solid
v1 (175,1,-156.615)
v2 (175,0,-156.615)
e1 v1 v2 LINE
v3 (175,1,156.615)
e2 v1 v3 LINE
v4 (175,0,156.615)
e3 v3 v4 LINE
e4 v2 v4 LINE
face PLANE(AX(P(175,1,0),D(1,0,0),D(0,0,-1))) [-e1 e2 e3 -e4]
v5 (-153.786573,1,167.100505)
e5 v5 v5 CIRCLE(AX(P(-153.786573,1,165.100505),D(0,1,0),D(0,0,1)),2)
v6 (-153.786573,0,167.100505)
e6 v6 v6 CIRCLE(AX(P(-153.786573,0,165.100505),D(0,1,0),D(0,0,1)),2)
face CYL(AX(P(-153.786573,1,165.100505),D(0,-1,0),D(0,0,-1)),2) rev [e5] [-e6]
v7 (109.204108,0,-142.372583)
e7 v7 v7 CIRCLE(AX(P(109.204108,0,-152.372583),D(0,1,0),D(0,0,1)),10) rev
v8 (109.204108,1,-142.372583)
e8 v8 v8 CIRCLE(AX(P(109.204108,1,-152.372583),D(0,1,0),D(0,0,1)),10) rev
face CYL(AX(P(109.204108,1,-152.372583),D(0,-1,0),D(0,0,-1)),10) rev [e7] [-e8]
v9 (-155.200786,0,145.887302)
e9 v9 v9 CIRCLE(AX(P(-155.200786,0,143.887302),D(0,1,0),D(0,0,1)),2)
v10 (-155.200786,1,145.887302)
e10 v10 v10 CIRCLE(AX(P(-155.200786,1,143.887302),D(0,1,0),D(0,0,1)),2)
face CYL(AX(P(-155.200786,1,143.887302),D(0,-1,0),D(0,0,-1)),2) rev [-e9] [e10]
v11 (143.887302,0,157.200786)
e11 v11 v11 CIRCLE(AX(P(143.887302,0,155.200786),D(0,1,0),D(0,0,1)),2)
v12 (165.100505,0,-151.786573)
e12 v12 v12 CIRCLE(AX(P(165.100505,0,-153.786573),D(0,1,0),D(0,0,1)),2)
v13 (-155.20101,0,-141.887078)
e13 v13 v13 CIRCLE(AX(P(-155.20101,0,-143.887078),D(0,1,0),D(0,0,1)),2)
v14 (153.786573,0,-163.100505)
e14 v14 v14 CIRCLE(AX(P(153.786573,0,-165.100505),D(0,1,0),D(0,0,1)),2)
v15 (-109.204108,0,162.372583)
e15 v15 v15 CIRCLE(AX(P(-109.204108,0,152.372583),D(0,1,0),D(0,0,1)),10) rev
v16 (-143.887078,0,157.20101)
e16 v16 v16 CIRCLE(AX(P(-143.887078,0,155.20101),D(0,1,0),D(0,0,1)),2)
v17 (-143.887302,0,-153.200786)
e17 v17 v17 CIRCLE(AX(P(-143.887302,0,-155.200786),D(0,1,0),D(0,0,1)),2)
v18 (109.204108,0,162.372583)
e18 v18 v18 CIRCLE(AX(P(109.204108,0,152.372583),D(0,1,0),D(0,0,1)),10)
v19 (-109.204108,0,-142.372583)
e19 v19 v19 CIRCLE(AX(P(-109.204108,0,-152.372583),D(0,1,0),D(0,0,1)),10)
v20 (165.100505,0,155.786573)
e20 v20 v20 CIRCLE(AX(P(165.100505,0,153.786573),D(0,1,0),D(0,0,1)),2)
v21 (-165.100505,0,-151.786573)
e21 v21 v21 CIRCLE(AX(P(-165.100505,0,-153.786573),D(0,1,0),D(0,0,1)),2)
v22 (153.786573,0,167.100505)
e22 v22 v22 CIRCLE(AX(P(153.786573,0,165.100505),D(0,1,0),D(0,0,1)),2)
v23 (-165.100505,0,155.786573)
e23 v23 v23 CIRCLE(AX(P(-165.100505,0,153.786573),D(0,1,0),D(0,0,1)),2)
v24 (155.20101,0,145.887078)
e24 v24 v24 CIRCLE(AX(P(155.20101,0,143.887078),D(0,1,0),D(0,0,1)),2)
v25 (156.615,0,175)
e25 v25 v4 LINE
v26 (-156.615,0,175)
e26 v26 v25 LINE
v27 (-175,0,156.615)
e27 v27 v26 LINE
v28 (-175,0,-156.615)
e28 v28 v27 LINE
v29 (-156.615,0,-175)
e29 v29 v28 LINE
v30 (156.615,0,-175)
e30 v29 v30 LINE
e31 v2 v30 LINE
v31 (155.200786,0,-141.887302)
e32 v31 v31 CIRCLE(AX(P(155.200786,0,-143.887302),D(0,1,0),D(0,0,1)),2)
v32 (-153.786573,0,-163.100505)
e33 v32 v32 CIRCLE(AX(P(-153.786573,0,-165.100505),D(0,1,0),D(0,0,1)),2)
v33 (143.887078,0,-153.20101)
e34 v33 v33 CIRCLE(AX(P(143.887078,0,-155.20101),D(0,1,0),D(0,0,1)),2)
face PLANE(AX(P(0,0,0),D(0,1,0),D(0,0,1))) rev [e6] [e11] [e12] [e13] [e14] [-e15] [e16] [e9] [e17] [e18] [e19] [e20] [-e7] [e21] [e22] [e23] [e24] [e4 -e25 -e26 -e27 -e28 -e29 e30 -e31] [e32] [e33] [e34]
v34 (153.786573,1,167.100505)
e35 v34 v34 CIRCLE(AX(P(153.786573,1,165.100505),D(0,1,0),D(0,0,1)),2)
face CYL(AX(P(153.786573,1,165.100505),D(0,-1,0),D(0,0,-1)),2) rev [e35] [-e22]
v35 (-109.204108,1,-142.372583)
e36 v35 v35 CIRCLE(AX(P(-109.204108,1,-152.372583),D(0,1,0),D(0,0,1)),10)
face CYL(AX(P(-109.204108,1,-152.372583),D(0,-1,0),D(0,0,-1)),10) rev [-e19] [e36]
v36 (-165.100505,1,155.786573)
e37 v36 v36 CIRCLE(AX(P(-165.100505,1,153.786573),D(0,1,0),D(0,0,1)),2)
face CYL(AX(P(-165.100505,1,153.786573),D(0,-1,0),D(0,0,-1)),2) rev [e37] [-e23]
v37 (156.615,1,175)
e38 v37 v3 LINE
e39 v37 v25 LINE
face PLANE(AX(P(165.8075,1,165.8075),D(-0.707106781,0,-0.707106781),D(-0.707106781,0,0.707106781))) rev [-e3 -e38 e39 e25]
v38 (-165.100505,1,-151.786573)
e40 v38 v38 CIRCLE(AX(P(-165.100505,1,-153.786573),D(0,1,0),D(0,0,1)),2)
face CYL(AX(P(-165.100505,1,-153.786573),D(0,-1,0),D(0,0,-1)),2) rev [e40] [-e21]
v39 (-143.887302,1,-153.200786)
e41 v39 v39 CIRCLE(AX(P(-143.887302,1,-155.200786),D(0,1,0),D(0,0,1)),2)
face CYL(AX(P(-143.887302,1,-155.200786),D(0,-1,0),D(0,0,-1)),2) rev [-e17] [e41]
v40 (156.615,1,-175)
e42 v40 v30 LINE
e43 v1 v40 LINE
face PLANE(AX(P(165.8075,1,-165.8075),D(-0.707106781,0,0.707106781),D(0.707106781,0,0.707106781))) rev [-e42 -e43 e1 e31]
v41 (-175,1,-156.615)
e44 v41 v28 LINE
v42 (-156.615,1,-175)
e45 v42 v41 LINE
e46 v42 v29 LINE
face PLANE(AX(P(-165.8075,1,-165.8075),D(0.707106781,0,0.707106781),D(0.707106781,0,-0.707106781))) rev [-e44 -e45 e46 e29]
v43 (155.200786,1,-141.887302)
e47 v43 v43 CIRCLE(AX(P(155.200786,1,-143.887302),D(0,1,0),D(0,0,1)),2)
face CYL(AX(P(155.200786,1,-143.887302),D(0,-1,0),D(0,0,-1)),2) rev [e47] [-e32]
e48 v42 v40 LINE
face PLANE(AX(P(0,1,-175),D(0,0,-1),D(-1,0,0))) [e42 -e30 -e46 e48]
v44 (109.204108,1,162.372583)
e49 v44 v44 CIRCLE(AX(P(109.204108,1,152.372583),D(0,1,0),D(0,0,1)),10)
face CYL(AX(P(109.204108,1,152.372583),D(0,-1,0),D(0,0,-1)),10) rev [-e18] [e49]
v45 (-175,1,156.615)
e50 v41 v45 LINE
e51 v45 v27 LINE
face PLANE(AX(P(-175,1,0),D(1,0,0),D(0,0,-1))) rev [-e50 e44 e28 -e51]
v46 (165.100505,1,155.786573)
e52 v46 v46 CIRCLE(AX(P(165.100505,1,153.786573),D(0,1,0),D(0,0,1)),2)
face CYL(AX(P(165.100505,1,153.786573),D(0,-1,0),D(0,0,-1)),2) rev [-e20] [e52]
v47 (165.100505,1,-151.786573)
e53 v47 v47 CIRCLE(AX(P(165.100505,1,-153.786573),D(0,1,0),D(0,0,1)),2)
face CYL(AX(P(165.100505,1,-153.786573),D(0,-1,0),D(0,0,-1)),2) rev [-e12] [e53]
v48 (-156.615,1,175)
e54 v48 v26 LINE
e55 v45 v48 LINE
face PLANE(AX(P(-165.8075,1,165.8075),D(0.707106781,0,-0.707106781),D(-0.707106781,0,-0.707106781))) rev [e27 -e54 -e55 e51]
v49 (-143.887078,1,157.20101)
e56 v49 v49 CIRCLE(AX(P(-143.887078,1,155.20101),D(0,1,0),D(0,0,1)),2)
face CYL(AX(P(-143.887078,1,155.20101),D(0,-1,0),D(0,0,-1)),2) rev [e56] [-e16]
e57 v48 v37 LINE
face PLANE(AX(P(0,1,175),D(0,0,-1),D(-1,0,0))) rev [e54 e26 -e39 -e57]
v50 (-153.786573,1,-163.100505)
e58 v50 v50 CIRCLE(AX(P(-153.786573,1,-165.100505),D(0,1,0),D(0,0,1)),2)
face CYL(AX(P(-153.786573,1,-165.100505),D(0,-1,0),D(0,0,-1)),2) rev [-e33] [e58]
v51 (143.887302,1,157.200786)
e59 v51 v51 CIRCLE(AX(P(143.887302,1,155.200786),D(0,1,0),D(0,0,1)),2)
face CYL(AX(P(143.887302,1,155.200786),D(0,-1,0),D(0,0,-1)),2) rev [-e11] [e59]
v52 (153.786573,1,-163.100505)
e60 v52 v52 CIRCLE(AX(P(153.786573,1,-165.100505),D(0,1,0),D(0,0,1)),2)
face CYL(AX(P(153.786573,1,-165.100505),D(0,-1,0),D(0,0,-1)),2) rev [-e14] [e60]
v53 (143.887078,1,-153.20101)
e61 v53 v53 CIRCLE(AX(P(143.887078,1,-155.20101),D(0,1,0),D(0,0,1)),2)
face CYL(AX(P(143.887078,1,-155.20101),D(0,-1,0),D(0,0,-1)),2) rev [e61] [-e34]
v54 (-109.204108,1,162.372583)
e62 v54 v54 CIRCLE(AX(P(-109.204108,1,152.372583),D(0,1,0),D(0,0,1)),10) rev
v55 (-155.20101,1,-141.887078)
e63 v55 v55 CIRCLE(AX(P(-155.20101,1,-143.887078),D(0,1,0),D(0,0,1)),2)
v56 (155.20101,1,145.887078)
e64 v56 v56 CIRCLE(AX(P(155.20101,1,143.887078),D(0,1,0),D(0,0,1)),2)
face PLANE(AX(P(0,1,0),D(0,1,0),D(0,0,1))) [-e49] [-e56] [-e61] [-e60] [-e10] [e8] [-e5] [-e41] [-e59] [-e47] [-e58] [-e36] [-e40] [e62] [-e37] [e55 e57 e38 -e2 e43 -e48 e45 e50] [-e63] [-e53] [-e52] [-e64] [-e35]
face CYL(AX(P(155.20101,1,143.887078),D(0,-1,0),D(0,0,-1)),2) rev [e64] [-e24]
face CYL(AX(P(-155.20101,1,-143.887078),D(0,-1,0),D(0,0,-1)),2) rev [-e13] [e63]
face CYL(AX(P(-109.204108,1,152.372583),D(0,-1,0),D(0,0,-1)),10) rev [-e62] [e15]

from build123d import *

# Parameters (mm, degrees)
SKETCH2_R           = 2
SKETCH2_R_2         = 10
BOSS_EXTRUDE3_DEPTH = 1


with BuildPart() as part:
    # Sketch2 → Boss-Extrude3 (new body)
    with BuildSketch(Plane(origin=(0, 0, 0), x_dir=(1, 0, 0), z_dir=(0, 1, 0))):
        Polygon((-156.615, 175), (156.615, 175), (175, 156.615), (175, -156.615), (156.615, -175), (-156.615, -175), (-175, -156.615), (-175, 156.615), align=None)
        with Locations(Location((-165.100505063, 153.786572875, 0), (0, 0, 270))):
            Circle(SKETCH2_R, mode=Mode.SUBTRACT)
        with Locations(Location((-153.786572875, 165.100505063, 0), (0, 0, 270))):
            Circle(SKETCH2_R, mode=Mode.SUBTRACT)
        with Locations(Location((-155.201010127, 143.887077939, 0), (0, 0, 270))):
            Circle(SKETCH2_R, mode=Mode.SUBTRACT)
        with Locations(Location((-143.887301628, 155.200786438, 0), (0, 0, 270))):
            Circle(SKETCH2_R, mode=Mode.SUBTRACT)
        with Locations(Location((153.786572875, 165.100505063, 0), (0, 0, 270))):
            Circle(SKETCH2_R, mode=Mode.SUBTRACT)
        with Locations(Location((165.100505063, 153.786572875, 0), (0, 0, 270))):
            Circle(SKETCH2_R, mode=Mode.SUBTRACT)
        with Locations(Location((143.887077939, 155.201010127, 0), (0, 0, 270))):
            Circle(SKETCH2_R, mode=Mode.SUBTRACT)
        with Locations(Location((155.200786438, 143.887301628, 0), (0, 0, 270))):
            Circle(SKETCH2_R, mode=Mode.SUBTRACT)
        with Locations(Location((165.100505063, -153.786572875, 0), (0, 0, 270))):
            Circle(SKETCH2_R, mode=Mode.SUBTRACT)
        with Locations(Location((153.786572875, -165.100505063, 0), (0, 0, 270))):
            Circle(SKETCH2_R, mode=Mode.SUBTRACT)
        with Locations(Location((155.201010127, -143.887077939, 0), (0, 0, 270))):
            Circle(SKETCH2_R, mode=Mode.SUBTRACT)
        with Locations(Location((143.887301628, -155.200786438, 0), (0, 0, 270))):
            Circle(SKETCH2_R, mode=Mode.SUBTRACT)
        with Locations(Location((-153.786572875, -165.100505063, 0), (0, 0, 270))):
            Circle(SKETCH2_R, mode=Mode.SUBTRACT)
        with Locations(Location((-165.100505063, -153.786572875, 0), (0, 0, 270))):
            Circle(SKETCH2_R, mode=Mode.SUBTRACT)
        with Locations(Location((-143.887077939, -155.201010127, 0), (0, 0, 270))):
            Circle(SKETCH2_R, mode=Mode.SUBTRACT)
        with Locations(Location((-155.200786438, -143.887301628, 0), (0, 0, 270))):
            Circle(SKETCH2_R, mode=Mode.SUBTRACT)
        with Locations(Location((-109.204108061, 152.372583002, 0), (0, 0, 270))):
            Circle(SKETCH2_R_2, mode=Mode.SUBTRACT)
        with Locations(Location((109.204108061, 152.372583002, 0), (0, 0, 270))):
            Circle(SKETCH2_R_2, mode=Mode.SUBTRACT)
        with Locations(Location((109.204108061, -152.372583002, 0), (0, 0, 270))):
            Circle(SKETCH2_R_2, mode=Mode.SUBTRACT)
        with Locations(Location((-109.204108061, -152.372583002, 0), (0, 0, 270))):
            Circle(SKETCH2_R_2, mode=Mode.SUBTRACT)
    extrude(amount=BOSS_EXTRUDE3_DEPTH)


solid = part.part
